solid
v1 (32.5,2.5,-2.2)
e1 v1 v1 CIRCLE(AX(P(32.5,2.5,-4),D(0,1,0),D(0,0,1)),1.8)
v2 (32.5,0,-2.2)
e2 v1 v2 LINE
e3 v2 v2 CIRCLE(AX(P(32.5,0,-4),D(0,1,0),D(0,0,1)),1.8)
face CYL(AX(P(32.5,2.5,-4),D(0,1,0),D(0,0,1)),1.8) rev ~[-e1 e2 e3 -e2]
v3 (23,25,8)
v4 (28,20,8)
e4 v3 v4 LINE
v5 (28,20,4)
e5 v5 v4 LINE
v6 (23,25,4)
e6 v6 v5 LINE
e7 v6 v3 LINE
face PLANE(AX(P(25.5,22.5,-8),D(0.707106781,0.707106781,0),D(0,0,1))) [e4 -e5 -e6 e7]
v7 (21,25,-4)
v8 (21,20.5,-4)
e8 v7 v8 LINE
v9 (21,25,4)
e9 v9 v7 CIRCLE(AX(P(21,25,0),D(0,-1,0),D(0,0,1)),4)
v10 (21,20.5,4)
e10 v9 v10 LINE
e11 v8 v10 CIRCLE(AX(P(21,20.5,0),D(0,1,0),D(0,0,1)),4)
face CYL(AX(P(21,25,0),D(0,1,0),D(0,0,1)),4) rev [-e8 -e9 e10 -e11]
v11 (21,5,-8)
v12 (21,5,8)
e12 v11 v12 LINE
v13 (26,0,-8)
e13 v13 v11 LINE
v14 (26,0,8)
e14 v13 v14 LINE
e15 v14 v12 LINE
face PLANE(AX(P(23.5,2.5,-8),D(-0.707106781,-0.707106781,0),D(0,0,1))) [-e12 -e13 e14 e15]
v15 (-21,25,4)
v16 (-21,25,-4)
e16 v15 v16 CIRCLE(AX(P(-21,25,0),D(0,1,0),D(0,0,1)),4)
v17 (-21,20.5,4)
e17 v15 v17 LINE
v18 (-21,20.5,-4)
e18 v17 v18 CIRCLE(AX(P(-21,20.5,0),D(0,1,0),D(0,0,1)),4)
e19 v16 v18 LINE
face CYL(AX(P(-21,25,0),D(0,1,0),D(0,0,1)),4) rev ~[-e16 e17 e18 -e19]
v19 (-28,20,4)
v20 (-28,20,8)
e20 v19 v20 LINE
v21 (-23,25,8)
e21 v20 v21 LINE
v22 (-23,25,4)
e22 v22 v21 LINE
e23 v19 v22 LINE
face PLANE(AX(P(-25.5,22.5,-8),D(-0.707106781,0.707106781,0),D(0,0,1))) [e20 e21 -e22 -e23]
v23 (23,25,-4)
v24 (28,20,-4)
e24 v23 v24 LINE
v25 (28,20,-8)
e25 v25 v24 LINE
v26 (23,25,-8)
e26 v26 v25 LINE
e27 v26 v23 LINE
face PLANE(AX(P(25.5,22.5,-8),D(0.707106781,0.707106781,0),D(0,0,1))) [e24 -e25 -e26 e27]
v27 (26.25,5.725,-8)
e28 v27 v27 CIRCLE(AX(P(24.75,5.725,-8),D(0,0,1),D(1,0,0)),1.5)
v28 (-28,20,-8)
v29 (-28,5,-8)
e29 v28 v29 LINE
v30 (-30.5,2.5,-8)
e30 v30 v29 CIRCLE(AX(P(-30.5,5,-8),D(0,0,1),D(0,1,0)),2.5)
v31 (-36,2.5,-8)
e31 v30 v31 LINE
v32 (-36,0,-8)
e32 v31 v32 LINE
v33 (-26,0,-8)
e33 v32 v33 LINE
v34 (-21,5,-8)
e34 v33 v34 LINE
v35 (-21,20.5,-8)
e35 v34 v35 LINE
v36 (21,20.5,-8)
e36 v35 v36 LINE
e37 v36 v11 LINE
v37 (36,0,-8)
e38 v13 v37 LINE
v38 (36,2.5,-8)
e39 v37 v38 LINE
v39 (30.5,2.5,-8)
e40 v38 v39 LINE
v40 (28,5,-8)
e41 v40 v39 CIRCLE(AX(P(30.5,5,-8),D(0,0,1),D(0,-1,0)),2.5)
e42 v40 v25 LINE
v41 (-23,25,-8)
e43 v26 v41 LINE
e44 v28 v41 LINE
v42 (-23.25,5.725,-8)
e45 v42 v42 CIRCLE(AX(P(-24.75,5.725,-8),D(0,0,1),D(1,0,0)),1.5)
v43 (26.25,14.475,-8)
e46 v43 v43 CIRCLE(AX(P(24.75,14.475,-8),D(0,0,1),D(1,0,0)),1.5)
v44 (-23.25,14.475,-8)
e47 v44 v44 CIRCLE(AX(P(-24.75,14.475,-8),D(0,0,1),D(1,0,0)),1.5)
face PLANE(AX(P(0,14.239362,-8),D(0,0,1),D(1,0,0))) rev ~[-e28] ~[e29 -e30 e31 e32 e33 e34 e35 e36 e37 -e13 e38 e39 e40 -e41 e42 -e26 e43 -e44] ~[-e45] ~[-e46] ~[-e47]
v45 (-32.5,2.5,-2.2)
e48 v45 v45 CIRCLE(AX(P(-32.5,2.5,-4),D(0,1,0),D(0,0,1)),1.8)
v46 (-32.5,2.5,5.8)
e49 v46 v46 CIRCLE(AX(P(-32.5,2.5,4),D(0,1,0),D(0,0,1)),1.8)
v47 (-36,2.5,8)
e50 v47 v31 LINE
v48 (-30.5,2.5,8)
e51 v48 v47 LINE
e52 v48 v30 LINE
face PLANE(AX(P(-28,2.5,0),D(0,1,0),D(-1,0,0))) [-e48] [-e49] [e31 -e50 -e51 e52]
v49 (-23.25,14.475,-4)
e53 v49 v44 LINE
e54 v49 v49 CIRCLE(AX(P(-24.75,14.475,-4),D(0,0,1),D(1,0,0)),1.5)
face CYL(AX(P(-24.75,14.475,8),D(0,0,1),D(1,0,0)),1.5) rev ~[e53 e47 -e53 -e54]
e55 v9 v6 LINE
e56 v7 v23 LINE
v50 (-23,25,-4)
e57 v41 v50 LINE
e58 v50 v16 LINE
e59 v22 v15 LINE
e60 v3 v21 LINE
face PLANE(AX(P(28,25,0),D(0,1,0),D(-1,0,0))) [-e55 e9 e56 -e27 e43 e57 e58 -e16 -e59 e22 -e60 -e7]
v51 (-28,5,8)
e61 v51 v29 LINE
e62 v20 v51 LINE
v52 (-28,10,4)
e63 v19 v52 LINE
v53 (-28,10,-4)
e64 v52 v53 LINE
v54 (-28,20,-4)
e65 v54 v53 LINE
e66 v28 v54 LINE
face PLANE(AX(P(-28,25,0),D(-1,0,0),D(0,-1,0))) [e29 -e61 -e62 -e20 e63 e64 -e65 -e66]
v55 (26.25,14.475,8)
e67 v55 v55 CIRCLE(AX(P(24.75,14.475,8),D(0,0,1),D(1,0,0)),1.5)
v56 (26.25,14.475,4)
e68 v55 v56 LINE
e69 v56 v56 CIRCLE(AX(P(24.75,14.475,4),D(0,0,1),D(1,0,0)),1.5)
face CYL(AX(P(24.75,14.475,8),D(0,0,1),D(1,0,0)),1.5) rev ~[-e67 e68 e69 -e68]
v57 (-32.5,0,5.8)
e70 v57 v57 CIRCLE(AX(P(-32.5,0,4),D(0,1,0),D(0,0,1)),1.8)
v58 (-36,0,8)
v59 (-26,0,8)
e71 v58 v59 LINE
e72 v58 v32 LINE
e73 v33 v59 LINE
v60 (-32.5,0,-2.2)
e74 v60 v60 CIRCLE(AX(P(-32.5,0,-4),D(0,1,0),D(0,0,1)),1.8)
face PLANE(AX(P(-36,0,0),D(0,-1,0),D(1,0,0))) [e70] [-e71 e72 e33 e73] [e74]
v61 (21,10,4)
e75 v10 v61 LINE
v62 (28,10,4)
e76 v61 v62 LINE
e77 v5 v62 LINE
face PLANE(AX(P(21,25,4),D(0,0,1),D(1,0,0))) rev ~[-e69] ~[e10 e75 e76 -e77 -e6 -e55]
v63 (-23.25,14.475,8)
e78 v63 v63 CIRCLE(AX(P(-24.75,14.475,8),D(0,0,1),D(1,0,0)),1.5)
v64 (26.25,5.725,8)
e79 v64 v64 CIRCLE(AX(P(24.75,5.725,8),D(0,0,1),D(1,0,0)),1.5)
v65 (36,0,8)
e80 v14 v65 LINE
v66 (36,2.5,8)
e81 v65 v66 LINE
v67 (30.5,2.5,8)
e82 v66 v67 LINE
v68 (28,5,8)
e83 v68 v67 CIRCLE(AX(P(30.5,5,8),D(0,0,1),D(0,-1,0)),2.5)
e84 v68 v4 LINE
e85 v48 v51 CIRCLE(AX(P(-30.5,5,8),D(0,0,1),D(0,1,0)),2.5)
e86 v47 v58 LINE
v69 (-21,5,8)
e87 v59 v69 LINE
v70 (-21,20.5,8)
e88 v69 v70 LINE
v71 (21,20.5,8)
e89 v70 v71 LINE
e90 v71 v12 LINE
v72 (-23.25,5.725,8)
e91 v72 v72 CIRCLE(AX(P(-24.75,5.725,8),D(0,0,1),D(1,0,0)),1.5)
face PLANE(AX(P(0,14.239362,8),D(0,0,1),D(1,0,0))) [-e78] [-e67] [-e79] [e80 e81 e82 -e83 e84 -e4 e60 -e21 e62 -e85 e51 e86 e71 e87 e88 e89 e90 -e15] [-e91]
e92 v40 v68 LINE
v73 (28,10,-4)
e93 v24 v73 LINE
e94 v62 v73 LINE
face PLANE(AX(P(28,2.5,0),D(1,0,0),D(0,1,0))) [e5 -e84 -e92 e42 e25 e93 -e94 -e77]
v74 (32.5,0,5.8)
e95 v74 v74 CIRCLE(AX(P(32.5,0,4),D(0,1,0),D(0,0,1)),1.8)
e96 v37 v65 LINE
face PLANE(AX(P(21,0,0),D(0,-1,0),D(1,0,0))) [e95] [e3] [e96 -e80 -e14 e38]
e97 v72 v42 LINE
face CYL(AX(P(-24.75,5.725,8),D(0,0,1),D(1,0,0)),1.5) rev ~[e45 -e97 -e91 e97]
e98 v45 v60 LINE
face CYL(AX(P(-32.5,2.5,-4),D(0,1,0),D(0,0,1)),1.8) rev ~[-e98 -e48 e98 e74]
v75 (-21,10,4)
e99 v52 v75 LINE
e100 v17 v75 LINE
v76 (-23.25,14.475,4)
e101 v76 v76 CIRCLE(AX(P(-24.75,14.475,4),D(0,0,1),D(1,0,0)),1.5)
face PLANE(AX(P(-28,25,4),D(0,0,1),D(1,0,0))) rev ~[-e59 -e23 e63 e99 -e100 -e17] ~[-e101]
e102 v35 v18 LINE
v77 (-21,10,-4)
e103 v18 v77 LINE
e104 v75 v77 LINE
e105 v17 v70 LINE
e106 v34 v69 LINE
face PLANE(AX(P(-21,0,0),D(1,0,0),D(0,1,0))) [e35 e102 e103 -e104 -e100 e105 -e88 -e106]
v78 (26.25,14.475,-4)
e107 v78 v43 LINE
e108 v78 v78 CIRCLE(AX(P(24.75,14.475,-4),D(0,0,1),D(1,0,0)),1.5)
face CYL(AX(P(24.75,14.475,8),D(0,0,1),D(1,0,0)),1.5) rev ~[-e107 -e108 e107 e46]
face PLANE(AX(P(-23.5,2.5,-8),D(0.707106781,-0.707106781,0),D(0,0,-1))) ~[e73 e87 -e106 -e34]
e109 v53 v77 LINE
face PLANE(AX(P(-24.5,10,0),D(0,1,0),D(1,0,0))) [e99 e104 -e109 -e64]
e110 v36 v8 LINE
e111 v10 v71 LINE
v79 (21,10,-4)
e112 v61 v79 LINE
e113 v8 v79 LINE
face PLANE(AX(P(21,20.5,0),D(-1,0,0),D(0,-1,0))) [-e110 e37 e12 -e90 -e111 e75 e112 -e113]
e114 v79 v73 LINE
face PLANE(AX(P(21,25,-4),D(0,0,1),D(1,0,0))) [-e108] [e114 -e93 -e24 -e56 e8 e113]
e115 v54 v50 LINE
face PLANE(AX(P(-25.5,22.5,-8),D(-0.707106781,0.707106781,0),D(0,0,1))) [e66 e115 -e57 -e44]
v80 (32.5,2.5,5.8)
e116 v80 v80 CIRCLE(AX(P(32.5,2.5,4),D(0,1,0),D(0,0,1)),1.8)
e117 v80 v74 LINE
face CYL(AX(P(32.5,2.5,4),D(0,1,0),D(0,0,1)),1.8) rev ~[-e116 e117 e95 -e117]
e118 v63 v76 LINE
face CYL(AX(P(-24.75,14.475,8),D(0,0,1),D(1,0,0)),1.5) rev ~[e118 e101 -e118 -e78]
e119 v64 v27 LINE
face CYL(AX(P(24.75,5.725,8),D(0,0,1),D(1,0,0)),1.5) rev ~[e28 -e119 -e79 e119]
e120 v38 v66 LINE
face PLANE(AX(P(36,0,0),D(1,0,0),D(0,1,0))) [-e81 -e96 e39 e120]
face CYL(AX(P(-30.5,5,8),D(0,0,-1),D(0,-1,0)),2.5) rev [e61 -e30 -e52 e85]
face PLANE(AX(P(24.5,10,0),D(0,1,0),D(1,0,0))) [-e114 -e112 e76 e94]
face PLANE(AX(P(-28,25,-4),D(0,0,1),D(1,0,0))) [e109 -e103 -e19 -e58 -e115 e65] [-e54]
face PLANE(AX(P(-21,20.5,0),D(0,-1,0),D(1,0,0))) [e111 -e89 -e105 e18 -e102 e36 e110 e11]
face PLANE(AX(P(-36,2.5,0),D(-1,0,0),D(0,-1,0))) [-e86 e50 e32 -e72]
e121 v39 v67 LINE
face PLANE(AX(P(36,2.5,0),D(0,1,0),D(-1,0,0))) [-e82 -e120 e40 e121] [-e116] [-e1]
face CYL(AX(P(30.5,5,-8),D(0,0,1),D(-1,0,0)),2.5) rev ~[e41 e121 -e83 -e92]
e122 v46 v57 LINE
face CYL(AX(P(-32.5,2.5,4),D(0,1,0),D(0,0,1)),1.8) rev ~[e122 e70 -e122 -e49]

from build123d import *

# Parameters (mm, degrees)
BOSS_EXTRUDE1_DEPTH = 8
CHAMFER5_SIZE       = 5
FILLET1_R           = 2.5
SKETCH2_R           = 1.5
CUT_EXTRUDE1_DEPTH  = 47.658332589
SKETCH3_R           = 1.8
CUT_EXTRUDE2_DEPTH  = 44.200115741
SKETCH5_W           = 7
SKETCH5_H           = 8
CUT_EXTRUDE3_DEPTH  = 15
CUT_EXTRUDE5_DEPTH  = 15


with BuildPart() as part:
    # Sketch1 → Boss-Extrude1 (new, symmetric)
    with BuildSketch(Plane.XY):
        Polygon((-36, 0), (-21, 0), (-21, 20.5), (21, 20.5), (21, 0), (36, 0), (36, 2.5), (28, 2.5), (28, 25), (-28, 25), (-28, 2.5), (-36, 2.5), align=None)
    extrude(amount=BOSS_EXTRUDE1_DEPTH, both=True)

    # Chamfer5
    chamfer5_edges = [part.edges().sort_by_distance(p)[0] for p in [
        (-28, 25, 0),
        (28, 25, 0),
        (21, 0, 0),
        (-21, 0, 0),
    ]]
    chamfer(chamfer5_edges, length=CHAMFER5_SIZE)

    # Fillet1
    fillet1_edges = [part.edges().sort_by_distance(p)[0] for p in [
        (-28, 2.5, 0),
        (28, 2.5, 0),
    ]]
    fillet(fillet1_edges, radius=FILLET1_R)

    # Sketch2 → Cut-Extrude1 (cut, through all)
    with BuildSketch(Plane.XY.offset(8)):
        with Locations((-24.75, 14.475)):
            Circle(SKETCH2_R)
        with Locations((-24.75, 5.725)):
            Circle(SKETCH2_R)
        with Locations((24.75, 14.475)):
            Circle(SKETCH2_R)
        with Locations((24.75, 5.725)):
            Circle(SKETCH2_R)
    extrude(amount=-CUT_EXTRUDE1_DEPTH, mode=Mode.SUBTRACT)

    # Sketch3 → Cut-Extrude2 (cut, through all)
    with BuildSketch(Plane(origin=(0, 2.5, 0), x_dir=(1, 0, 0), z_dir=(0, 1, 0))):
        with Locations(Location((32.5, 4, 0), (0, 0, 270))):
            Circle(SKETCH3_R)
        with Locations(Location((32.5, -4, 0), (0, 0, 270))):
            Circle(SKETCH3_R)
        with Locations(Location((-32.5, 4, 0), (0, 0, 270))):
            Circle(SKETCH3_R)
        with Locations(Location((-32.5, -4, 0), (0, 0, 270))):
            Circle(SKETCH3_R)
    extrude(amount=-CUT_EXTRUDE2_DEPTH, mode=Mode.SUBTRACT)

    # Sketch5 → Cut-Extrude3 (cut)
    with BuildSketch(Plane(origin=(0, 25, 0), x_dir=(1, 0, 0), z_dir=(0, 1, 0))):
        with Locations((24.5, 0)):
            Rectangle(SKETCH5_W, SKETCH5_H)
        with Locations((-24.5, 0)):
            Rectangle(SKETCH5_W, SKETCH5_H)
    extrude(amount=-CUT_EXTRUDE3_DEPTH, mode=Mode.SUBTRACT)

    # Sketch7 → Cut-Extrude5 (cut)
    with BuildSketch(Plane(origin=(0, 25, 0), x_dir=(1, 0, 0), z_dir=(0, 1, 0))):
        with BuildLine():
            Line((21, 4), (21, -4))
            ThreePointArc((21, -4), (17, 0), (21, 4))
        make_face()
        with BuildLine():
            Line((-21, 4), (-21, -4))
            ThreePointArc((-21, -4), (-17, 0), (-21, 4))
        make_face()
    extrude(amount=-CUT_EXTRUDE5_DEPTH, mode=Mode.SUBTRACT)


solid = part.part
